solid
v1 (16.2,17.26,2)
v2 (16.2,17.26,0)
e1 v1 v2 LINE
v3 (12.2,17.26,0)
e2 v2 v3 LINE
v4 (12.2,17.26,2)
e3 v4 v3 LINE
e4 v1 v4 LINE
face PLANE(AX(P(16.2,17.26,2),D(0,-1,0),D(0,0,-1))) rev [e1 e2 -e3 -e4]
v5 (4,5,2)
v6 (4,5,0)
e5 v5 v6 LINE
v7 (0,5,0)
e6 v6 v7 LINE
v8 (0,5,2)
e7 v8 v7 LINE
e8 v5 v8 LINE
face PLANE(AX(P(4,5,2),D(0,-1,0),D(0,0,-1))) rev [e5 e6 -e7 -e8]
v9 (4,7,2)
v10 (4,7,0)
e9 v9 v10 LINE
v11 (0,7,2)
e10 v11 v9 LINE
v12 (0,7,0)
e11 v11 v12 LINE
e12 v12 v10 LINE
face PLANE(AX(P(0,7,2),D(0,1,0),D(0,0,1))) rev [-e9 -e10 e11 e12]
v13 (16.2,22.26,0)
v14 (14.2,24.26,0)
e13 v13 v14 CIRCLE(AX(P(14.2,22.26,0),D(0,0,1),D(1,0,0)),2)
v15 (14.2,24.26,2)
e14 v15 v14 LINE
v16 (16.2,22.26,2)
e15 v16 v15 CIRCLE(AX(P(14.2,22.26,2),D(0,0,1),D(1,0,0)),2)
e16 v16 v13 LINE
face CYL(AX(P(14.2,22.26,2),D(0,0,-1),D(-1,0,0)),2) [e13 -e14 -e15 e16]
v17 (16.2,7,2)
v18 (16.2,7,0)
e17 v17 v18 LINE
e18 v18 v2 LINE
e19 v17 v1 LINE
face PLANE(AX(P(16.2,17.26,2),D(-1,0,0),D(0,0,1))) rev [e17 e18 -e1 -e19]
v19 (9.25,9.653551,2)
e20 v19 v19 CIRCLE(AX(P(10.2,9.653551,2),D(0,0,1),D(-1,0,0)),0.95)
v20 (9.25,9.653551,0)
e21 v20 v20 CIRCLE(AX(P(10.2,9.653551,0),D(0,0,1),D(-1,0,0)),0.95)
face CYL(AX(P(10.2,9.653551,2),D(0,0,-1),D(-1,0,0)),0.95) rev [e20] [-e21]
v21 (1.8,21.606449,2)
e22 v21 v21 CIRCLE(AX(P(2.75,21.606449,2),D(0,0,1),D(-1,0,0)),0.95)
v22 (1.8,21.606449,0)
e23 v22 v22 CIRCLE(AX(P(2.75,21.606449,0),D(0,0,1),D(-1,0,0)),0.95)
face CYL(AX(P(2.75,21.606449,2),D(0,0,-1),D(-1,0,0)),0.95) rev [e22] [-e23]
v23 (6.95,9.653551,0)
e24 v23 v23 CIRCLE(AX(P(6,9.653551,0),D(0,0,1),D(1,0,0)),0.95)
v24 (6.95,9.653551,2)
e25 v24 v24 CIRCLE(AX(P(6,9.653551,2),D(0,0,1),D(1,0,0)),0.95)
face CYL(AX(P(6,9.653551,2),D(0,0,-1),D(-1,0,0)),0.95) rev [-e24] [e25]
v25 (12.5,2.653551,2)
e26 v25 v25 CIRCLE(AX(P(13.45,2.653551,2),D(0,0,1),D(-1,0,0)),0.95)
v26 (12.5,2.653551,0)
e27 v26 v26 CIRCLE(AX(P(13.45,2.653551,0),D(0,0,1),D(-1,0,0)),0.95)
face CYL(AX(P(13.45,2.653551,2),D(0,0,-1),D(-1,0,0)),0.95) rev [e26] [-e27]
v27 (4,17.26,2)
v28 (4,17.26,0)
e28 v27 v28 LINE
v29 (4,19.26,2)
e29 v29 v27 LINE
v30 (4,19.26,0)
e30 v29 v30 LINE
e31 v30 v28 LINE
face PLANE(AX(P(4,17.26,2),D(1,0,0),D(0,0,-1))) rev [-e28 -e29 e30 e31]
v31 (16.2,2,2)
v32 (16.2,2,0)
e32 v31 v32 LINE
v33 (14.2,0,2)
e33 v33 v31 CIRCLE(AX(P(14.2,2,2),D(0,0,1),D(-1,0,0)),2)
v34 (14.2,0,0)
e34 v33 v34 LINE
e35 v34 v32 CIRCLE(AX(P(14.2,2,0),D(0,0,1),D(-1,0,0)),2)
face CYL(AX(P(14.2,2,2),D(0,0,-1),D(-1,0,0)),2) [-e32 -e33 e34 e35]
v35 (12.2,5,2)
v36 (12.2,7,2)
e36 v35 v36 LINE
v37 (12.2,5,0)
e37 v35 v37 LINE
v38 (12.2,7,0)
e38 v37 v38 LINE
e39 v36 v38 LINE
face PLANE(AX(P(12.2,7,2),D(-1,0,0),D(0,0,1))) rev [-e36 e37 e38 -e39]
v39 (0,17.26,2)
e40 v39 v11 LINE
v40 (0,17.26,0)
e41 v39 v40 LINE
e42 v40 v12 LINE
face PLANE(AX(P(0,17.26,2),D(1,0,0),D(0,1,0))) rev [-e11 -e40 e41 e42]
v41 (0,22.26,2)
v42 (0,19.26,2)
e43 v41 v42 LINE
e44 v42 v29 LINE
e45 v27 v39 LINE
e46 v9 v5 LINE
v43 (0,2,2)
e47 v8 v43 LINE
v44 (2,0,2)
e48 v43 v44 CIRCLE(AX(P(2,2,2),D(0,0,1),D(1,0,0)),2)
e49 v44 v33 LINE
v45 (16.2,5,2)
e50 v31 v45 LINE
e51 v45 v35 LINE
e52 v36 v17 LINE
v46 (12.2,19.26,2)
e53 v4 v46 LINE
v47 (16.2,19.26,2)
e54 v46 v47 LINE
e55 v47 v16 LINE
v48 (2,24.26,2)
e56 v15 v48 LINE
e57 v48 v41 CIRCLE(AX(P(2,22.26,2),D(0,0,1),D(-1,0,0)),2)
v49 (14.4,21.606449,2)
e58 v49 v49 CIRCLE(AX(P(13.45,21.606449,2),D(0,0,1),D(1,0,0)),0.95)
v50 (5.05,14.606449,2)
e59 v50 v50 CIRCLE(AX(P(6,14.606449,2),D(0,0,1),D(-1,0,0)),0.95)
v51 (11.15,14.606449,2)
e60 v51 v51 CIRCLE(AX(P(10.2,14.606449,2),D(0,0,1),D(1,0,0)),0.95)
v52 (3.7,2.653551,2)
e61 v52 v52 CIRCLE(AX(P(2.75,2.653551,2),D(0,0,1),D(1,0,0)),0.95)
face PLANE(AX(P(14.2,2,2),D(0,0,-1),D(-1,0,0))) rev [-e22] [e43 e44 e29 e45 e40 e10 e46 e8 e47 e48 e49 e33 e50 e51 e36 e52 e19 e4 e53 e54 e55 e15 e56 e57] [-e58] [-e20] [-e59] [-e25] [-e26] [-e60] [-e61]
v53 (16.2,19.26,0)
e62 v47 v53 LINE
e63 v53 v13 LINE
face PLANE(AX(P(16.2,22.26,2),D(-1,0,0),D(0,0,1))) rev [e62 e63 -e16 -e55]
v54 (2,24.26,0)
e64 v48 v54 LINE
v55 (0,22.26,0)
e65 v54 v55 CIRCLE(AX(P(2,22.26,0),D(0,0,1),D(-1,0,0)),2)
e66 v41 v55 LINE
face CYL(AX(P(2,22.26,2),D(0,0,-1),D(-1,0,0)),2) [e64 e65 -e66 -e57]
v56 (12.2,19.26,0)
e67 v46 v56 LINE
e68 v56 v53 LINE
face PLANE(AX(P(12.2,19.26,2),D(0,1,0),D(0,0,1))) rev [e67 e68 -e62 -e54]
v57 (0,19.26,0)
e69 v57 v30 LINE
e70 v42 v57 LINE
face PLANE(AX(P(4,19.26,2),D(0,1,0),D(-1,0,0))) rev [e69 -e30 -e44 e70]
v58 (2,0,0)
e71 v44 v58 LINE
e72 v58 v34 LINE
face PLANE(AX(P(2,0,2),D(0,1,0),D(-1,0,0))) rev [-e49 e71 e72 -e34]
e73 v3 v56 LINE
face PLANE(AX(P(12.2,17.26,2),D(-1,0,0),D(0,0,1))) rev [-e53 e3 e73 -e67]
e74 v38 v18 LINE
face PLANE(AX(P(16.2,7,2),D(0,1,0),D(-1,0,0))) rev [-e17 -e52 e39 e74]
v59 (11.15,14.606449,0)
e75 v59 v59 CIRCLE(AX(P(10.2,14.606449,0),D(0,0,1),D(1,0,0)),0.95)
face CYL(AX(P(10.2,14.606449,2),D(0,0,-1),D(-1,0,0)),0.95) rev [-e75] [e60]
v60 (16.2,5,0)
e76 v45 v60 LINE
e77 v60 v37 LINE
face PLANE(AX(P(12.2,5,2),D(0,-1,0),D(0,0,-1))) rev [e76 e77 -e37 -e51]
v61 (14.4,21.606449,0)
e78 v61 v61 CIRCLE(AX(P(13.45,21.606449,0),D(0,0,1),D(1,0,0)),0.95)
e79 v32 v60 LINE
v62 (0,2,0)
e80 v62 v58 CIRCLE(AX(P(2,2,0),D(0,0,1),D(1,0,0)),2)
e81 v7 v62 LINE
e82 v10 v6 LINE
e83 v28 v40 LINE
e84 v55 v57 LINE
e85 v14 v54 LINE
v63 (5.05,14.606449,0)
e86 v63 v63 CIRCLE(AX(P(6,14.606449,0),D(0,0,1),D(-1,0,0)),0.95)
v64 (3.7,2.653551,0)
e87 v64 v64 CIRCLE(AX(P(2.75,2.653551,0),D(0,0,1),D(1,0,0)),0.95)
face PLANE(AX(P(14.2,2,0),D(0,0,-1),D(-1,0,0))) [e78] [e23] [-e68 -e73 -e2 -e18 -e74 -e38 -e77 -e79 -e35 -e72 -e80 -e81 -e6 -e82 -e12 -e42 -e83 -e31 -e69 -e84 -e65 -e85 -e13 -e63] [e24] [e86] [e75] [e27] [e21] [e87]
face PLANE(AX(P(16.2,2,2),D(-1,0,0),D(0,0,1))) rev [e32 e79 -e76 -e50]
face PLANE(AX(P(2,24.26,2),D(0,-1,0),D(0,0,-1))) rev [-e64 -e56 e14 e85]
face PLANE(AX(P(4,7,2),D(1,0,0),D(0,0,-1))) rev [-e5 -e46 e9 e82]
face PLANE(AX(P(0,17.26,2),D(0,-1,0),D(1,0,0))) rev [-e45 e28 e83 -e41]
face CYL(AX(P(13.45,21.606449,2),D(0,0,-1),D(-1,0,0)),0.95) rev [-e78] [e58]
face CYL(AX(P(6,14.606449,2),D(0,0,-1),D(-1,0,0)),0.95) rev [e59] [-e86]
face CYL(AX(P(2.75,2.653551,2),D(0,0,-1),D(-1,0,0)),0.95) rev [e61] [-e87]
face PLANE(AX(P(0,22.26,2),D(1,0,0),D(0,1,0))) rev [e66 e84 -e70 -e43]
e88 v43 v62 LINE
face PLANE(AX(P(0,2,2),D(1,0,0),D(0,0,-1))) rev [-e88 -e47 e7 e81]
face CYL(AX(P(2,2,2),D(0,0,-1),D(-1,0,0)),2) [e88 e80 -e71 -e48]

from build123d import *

# Parameters (mm, degrees)
SKETCH1_R           = 0.95
BOSS_EXTRUDE1_DEPTH = 2


with BuildPart() as part:
    # Sketch1 → Boss-Extrude1 (new body)
    with BuildSketch(Plane.XY):
        with BuildLine():
            Line((16.2, 17.26), (16.2, 7))
            Line((16.2, 7), (12.2, 7))
            Line((12.2, 7), (12.2, 5))
            Line((12.2, 5), (16.2, 5))
            Line((16.2, 5), (16.2, 2))
            ThreePointArc((16.2, 2), (15.614213562, 0.585786438), (14.2, 0))
            Line((14.2, 0), (2, 0))
            ThreePointArc((2, 0), (0.585786438, 0.585786438), (0, 2))
            Line((0, 2), (0, 5))
            Line((0, 5), (4, 5))
            Line((4, 5), (4, 7))
            Line((4, 7), (0, 7))
            Line((0, 7), (0, 17.26))
            Line((0, 17.26), (4, 17.26))
            Line((4, 17.26), (4, 19.26))
            Line((4, 19.26), (0, 19.26))
            Line((0, 19.26), (0, 22.26))
            ThreePointArc((0, 22.26), (0.585786438, 23.674213562), (2, 24.26))
            Line((2, 24.26), (14.2, 24.26))
            ThreePointArc((14.2, 24.26), (15.614213562, 23.674213562), (16.2, 22.26))
            Line((16.2, 22.26), (16.2, 19.26))
            Line((16.2, 19.26), (12.2, 19.26))
            Line((12.2, 19.26), (12.2, 17.26))
            Line((12.2, 17.26), (16.2, 17.26))
        make_face()
        with Locations((13.45, 2.653551169)):
            Circle(SKETCH1_R, mode=Mode.SUBTRACT)
        with Locations((10.2, 9.653551169)):
            Circle(SKETCH1_R, mode=Mode.SUBTRACT)
        with Locations((2.75, 21.606448831)):
            Circle(SKETCH1_R, mode=Mode.SUBTRACT)
        with Locations((6, 14.606448831)):
            Circle(SKETCH1_R, mode=Mode.SUBTRACT)
        with Locations((10.2, 14.606448831)):
            Circle(SKETCH1_R, mode=Mode.SUBTRACT)
        with Locations((13.45, 21.606448831)):
            Circle(SKETCH1_R, mode=Mode.SUBTRACT)
        with Locations((6, 9.653551169)):
            Circle(SKETCH1_R, mode=Mode.SUBTRACT)
        with Locations((2.75, 2.653551169)):
            Circle(SKETCH1_R, mode=Mode.SUBTRACT)
    extrude(amount=BOSS_EXTRUDE1_DEPTH)


solid = part.part
